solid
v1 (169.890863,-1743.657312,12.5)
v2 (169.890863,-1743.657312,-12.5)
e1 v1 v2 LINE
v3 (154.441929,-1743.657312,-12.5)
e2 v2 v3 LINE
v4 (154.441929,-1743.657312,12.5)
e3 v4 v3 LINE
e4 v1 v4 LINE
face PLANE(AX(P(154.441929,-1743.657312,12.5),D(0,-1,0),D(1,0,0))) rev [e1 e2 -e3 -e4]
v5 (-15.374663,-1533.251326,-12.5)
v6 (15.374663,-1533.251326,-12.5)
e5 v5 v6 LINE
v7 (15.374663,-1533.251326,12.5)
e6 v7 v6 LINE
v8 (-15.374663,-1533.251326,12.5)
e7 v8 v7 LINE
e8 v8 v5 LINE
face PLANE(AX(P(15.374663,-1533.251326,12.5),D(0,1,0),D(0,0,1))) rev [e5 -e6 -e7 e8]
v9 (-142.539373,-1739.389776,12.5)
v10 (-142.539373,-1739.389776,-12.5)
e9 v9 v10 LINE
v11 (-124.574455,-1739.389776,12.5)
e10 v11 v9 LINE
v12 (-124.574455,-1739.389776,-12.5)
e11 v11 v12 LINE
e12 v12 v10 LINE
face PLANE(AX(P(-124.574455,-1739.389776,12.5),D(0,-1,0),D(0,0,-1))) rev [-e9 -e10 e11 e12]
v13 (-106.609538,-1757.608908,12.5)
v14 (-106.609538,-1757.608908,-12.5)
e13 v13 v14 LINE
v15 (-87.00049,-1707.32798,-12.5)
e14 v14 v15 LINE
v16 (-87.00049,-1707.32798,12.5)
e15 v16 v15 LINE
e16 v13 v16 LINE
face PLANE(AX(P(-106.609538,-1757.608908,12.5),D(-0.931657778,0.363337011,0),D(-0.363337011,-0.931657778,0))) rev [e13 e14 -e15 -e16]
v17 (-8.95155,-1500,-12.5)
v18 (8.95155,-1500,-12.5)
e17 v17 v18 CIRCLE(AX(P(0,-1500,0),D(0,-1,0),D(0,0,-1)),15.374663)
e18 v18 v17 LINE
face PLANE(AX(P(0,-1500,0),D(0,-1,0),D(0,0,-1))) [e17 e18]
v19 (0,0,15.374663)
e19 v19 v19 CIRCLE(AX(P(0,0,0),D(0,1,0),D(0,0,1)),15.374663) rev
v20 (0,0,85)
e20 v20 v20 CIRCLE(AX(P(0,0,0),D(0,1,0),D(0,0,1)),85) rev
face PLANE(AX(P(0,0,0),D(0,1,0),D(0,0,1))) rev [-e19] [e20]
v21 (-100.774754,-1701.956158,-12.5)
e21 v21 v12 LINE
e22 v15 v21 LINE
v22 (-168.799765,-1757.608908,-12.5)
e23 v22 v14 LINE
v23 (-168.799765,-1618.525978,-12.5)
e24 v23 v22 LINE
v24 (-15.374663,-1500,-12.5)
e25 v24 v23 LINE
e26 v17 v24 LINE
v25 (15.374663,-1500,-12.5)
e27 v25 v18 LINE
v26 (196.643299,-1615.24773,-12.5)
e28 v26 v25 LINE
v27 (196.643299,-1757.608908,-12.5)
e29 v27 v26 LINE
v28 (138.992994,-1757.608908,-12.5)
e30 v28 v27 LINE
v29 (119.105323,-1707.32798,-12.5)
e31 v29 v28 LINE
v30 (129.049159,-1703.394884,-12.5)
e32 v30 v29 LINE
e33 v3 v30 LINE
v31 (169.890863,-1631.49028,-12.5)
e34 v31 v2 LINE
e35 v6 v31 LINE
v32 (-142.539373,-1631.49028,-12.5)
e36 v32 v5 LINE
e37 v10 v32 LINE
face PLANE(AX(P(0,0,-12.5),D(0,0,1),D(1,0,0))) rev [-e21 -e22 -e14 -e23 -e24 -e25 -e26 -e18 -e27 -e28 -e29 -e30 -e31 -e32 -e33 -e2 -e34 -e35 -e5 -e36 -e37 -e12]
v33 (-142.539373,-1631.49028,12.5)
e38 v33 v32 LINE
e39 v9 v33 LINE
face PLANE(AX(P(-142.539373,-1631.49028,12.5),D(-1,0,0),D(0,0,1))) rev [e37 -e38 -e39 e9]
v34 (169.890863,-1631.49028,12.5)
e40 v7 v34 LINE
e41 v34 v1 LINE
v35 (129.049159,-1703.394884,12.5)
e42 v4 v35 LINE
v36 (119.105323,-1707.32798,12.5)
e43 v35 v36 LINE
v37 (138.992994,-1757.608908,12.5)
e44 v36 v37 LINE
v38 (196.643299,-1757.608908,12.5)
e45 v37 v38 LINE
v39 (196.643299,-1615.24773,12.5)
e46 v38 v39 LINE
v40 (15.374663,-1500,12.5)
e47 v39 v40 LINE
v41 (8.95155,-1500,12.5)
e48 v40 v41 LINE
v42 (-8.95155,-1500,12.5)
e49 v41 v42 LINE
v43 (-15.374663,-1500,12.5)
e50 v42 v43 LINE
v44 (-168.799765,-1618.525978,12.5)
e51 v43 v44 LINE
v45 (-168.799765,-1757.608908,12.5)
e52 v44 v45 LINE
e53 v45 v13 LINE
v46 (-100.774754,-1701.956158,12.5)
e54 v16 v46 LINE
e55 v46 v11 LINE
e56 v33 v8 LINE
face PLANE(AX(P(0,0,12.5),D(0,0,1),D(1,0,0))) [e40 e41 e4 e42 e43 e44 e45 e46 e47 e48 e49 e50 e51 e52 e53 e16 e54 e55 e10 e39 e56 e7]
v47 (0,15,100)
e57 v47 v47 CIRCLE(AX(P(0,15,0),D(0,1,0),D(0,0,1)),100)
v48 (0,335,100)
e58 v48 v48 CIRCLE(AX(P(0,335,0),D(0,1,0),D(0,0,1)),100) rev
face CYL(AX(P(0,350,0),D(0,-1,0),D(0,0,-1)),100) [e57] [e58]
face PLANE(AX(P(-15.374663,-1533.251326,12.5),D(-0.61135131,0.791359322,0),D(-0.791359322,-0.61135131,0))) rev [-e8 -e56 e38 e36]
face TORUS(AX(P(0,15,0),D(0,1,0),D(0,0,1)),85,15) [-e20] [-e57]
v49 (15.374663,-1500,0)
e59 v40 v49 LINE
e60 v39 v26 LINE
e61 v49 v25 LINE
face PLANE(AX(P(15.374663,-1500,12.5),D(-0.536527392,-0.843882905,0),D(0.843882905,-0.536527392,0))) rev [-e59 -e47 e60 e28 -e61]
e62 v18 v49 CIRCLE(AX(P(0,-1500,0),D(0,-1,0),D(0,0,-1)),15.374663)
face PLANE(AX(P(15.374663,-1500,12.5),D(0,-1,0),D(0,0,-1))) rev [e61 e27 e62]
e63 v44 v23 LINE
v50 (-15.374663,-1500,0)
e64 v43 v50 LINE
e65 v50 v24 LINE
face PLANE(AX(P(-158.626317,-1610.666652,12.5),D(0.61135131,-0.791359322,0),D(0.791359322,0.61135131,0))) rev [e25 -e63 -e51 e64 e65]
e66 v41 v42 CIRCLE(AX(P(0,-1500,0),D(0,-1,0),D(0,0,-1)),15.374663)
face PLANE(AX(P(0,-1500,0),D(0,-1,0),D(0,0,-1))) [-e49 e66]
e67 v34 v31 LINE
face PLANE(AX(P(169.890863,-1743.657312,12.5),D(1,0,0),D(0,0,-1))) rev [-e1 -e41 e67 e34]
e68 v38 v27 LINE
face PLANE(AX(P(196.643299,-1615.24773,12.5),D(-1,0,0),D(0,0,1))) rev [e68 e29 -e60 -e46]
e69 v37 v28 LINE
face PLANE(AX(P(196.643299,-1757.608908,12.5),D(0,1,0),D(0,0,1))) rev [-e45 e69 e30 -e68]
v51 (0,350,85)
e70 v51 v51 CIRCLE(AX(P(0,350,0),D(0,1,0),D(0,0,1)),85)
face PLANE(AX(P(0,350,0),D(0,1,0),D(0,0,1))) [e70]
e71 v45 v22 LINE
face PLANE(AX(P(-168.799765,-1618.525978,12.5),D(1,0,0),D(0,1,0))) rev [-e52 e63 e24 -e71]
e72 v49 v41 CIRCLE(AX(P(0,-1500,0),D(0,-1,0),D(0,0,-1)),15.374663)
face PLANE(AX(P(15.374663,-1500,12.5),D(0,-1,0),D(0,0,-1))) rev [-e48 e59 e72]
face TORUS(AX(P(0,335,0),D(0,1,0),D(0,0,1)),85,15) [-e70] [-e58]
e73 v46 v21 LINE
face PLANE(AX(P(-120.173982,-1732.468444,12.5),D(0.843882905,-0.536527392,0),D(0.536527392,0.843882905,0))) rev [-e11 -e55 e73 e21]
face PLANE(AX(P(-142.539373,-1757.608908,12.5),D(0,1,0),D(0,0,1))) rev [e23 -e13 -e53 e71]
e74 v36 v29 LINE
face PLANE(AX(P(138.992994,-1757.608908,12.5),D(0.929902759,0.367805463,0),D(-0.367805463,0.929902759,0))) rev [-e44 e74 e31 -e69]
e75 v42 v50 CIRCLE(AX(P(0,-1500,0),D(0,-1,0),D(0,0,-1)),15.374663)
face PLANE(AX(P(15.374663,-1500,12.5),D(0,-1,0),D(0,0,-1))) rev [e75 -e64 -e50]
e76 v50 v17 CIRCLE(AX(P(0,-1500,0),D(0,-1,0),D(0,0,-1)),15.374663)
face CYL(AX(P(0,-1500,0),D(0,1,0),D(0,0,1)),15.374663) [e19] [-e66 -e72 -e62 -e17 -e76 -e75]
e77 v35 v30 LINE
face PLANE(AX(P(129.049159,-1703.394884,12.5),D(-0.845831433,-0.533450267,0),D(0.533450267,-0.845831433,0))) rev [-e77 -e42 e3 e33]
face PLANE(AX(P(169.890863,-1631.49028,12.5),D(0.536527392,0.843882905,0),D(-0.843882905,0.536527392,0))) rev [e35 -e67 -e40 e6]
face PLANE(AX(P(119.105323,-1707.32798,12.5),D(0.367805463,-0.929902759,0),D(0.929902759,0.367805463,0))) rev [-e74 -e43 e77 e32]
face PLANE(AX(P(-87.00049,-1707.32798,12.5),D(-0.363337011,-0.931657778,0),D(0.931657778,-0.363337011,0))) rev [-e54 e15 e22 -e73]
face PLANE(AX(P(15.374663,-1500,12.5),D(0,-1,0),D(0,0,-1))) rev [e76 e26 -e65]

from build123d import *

# Parameters (mm, degrees)
CROQUIS1_R              = 100
SALIENTE_EXTRUIR1_DEPTH = 350
REDONDEO1_R             = 15
CROQUIS2_R              = 15.374662703
SALIENTE_EXTRUIR2_DEPTH = 1500
SALIENTE_EXTRUIR3_DEPTH = 12.5


with BuildPart() as part:
    # Croquis1 → Saliente-Extruir1 (new body)
    with BuildSketch(Plane(origin=(0, 0, 0), x_dir=(1, 0, 0), z_dir=(0, 1, 0))):
        with Locations(Location((0, 0, 0), (0, 0, 270))):
            Circle(CROQUIS1_R)
    extrude(amount=SALIENTE_EXTRUIR1_DEPTH)

    # Redondeo1
    redondeo1_edges = [part.edges().sort_by_distance(p)[0] for p in [
        (0, 0, -100),
        (0, 350, -100),
    ]]
    fillet(redondeo1_edges, radius=REDONDEO1_R)

    # Croquis2 → Saliente-Extruir2 (add)
    with BuildSketch(Plane.XZ):
        with Locations(Location((0, 0, 0), (0, 0, 90))):
            Circle(CROQUIS2_R)
    extrude(amount=SALIENTE_EXTRUIR2_DEPTH)

    # Croquis3 → Saliente-Extruir3 (add, symmetric)
    with BuildSketch(Plane.XY):
        Polygon((15.374662703, -1500), (196.643299481, -1615.247729776), (196.643299481, -1757.608907892), (169.890863325, -1757.608907892), (138.99299414, -1757.608907892), (119.105323431, -1707.327980329), (129.049158786, -1703.39488417), (154.441928733, -1743.657312209), (169.890863325, -1743.657312209), (169.890863325, -1631.4902803), (15.374662703, -1533.251325939), (-15.374662703, -1533.251325939), (-142.53937321, -1631.4902803), (-142.53937321, -1739.389775564), (-124.574455385, -1739.389775564), (-120.173982412, -1732.468444111), (-100.774753954, -1701.956158064), (-87.000489723, -1707.327980329), (-106.60953756, -1757.608907892), (-142.53937321, -1757.608907892), (-168.799765014, -1757.608907892), (-168.799765014, -1618.525977557), (-158.626316744, -1610.66665152), (-15.374662703, -1500), align=None)
    extrude(amount=SALIENTE_EXTRUIR3_DEPTH, both=True)


solid = part.part
